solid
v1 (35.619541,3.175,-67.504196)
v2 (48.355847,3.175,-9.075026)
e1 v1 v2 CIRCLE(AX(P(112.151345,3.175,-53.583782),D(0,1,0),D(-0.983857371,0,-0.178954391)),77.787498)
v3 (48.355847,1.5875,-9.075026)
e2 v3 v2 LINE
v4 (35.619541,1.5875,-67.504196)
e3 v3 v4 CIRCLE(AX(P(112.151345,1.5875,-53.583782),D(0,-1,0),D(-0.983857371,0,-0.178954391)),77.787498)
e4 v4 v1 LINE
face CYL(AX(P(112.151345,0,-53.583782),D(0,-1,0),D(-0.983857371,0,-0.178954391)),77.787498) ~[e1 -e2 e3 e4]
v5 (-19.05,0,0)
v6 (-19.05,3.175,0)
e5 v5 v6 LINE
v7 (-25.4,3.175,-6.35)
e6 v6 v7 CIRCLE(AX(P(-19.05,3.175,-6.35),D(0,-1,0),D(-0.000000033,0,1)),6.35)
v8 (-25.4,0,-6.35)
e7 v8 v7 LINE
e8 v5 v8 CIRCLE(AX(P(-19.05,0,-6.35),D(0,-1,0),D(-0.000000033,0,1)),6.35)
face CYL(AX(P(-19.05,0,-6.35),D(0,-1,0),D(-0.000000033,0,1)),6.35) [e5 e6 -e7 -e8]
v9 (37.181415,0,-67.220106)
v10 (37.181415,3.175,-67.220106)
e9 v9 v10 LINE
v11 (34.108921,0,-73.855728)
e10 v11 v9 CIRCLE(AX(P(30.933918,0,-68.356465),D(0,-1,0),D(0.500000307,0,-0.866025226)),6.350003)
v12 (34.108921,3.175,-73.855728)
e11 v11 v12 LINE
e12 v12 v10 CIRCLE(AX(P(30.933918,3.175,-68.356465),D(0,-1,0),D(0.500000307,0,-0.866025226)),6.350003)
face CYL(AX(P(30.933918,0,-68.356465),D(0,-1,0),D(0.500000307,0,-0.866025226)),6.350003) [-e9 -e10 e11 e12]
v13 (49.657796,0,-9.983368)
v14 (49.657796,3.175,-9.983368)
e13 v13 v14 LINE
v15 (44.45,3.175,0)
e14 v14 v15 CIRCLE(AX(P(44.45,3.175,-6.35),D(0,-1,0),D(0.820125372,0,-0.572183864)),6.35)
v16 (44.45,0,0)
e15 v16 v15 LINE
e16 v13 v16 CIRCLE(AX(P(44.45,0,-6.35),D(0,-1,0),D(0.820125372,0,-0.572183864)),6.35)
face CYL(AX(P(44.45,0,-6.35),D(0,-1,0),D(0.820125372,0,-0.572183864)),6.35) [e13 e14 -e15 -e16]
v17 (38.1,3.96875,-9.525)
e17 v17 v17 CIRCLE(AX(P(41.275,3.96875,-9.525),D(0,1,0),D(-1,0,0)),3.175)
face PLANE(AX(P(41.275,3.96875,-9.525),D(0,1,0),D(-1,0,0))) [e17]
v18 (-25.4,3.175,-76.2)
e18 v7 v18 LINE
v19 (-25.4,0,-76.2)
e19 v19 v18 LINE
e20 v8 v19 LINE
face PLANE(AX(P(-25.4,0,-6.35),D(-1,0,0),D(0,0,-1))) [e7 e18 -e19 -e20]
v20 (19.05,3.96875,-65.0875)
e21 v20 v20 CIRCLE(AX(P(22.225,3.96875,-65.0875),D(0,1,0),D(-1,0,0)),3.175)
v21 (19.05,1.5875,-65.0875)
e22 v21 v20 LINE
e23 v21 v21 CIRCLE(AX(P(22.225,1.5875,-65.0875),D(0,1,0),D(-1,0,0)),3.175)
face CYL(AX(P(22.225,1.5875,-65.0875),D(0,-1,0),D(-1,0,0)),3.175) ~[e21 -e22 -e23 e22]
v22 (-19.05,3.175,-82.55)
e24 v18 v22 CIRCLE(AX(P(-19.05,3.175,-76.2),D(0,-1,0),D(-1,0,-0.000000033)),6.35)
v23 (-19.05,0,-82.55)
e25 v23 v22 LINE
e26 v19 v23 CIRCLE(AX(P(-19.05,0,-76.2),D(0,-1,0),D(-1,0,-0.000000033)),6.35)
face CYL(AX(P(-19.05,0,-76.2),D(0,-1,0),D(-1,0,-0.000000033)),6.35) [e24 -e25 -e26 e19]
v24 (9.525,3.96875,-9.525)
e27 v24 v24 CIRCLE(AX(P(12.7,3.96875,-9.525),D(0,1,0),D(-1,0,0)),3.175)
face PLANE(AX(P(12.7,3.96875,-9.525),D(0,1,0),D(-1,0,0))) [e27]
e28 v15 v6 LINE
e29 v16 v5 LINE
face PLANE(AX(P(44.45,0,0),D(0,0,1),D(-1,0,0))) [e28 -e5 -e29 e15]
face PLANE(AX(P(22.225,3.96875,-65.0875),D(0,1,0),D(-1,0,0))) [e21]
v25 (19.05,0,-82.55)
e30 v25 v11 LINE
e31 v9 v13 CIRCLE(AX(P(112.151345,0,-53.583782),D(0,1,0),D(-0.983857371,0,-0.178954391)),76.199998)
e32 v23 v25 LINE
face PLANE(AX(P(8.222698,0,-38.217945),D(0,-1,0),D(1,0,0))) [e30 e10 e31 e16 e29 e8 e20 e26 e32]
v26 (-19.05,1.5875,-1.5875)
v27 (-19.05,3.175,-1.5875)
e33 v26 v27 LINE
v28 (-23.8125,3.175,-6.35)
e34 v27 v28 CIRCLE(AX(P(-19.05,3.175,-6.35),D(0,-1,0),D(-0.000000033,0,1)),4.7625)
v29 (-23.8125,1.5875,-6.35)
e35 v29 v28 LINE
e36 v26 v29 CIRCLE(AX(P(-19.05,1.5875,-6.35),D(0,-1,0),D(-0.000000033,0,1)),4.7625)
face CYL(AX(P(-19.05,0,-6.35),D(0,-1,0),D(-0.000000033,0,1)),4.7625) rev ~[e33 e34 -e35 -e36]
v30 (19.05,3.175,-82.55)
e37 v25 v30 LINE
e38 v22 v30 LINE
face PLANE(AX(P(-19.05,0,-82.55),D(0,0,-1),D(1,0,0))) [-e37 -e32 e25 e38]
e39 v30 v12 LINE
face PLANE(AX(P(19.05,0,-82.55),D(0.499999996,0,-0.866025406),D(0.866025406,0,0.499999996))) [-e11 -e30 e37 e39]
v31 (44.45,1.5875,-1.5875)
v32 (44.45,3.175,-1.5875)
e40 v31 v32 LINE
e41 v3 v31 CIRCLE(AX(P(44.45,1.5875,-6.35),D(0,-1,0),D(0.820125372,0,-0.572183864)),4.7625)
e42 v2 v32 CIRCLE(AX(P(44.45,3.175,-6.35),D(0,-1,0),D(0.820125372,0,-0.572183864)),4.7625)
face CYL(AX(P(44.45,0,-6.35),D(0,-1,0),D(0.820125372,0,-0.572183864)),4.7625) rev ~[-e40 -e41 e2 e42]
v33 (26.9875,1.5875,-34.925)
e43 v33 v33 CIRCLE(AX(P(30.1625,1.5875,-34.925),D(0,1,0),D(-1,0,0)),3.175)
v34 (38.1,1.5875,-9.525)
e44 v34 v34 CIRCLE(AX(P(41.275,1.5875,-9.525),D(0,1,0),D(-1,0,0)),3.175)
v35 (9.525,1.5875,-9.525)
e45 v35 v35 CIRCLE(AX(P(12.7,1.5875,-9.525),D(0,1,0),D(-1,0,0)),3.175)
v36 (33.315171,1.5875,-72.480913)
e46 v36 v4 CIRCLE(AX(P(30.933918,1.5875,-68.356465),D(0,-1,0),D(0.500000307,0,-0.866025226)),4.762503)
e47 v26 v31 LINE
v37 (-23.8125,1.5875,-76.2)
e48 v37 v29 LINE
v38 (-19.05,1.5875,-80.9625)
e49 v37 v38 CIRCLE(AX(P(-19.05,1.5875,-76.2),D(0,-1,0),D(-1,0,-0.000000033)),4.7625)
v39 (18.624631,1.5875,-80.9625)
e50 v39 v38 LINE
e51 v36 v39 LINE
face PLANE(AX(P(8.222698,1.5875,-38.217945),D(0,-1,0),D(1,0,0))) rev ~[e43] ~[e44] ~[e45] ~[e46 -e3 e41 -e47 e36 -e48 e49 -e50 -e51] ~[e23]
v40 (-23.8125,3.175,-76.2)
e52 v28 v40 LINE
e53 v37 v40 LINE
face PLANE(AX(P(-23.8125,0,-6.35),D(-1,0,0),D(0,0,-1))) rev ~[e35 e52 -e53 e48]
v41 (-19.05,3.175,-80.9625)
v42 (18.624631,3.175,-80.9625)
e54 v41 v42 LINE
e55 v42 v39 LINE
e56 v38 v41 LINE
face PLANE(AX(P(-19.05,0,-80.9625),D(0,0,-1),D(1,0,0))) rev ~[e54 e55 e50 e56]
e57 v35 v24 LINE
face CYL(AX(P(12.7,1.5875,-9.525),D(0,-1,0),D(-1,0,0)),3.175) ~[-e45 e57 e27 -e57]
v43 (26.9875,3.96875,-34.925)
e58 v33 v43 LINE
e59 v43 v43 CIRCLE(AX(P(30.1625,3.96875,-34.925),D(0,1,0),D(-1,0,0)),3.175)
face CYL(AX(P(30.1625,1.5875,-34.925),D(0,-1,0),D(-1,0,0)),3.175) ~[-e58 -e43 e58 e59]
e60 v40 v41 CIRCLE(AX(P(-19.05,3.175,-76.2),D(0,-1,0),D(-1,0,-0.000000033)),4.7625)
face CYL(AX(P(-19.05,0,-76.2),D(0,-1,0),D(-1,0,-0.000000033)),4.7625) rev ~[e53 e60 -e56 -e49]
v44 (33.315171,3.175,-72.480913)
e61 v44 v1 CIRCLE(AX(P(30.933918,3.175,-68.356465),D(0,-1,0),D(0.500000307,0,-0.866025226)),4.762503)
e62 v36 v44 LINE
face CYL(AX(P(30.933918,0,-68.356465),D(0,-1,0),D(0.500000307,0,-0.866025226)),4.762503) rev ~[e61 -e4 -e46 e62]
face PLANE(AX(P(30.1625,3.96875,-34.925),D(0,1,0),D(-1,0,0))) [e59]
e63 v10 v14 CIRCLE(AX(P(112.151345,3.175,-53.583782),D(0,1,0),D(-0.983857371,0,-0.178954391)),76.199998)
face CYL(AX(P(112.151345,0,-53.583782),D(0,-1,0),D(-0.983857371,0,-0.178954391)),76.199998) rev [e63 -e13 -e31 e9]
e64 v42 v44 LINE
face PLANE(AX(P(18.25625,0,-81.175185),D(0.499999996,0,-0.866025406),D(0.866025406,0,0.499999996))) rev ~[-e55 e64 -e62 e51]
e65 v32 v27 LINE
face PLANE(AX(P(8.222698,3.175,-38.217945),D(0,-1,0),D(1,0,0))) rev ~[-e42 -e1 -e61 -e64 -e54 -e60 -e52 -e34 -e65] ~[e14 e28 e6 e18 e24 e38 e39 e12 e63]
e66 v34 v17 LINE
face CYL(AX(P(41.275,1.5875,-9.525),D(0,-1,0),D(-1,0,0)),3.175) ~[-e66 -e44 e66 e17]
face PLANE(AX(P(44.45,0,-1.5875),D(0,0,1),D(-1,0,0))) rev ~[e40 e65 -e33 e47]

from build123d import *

# Parameters (mm, degrees)
F1_DEPTH = 3.175
F2_T     = -1.5875
F3_R     = 3.175
F4_DEPTH = 2.38125


with BuildPart() as f1:
    # F0 (on Front) → F1 (new body)
    with BuildSketch(Plane.XZ):
        with BuildLine():
            Line((44.45, 0), (-19.05, 0))
            ThreePointArc((-19.05, 0), (-23.540128, -1.859872), (-25.4, -6.35))
            Line((-25.4, -6.35), (-25.4, -76.2))
            ThreePointArc((-25.4, -76.2), (-23.540128, -80.690128), (-19.05, -82.55))
            Line((-19.05, -82.55), (19.05, -82.55))
            Line((19.05, -82.55), (34.108921, -73.855728))
            ThreePointArc((34.108921, -73.855728), (36.696187, -71.024571), (37.181415, -67.220106))
            ThreePointArc((37.181415, -67.220106), (37.699595, -37.354898), (49.657796, -9.983368))
            ThreePointArc((49.657796, -9.983368), (50.080026, -3.413113), (44.45, 0))
        make_face()
    extrude(amount=-F1_DEPTH)

    # F2
    f2_openings = [f1.faces().sort_by_distance(p)[0] for p in [
        (7.276457, 3.175, -39.048077),
    ]]
    offset(amount=F2_T, openings=f2_openings)

    # F3 (on face) → F4 (join)
    with BuildSketch(Plane(origin=(0, 1.5875, 0), x_dir=(-1, 0, 0), z_dir=(0, 1, 0))):
        with Locations((-41.275, -9.525)):
            Circle(F3_R)
        with Locations((-12.7, -9.525)):
            Circle(F3_R)
        with Locations((-30.1625, -34.925)):
            Circle(F3_R)
        with Locations((-22.225, -65.0875)):
            Circle(F3_R)
    extrude(amount=F4_DEPTH)


solid = f1.part
